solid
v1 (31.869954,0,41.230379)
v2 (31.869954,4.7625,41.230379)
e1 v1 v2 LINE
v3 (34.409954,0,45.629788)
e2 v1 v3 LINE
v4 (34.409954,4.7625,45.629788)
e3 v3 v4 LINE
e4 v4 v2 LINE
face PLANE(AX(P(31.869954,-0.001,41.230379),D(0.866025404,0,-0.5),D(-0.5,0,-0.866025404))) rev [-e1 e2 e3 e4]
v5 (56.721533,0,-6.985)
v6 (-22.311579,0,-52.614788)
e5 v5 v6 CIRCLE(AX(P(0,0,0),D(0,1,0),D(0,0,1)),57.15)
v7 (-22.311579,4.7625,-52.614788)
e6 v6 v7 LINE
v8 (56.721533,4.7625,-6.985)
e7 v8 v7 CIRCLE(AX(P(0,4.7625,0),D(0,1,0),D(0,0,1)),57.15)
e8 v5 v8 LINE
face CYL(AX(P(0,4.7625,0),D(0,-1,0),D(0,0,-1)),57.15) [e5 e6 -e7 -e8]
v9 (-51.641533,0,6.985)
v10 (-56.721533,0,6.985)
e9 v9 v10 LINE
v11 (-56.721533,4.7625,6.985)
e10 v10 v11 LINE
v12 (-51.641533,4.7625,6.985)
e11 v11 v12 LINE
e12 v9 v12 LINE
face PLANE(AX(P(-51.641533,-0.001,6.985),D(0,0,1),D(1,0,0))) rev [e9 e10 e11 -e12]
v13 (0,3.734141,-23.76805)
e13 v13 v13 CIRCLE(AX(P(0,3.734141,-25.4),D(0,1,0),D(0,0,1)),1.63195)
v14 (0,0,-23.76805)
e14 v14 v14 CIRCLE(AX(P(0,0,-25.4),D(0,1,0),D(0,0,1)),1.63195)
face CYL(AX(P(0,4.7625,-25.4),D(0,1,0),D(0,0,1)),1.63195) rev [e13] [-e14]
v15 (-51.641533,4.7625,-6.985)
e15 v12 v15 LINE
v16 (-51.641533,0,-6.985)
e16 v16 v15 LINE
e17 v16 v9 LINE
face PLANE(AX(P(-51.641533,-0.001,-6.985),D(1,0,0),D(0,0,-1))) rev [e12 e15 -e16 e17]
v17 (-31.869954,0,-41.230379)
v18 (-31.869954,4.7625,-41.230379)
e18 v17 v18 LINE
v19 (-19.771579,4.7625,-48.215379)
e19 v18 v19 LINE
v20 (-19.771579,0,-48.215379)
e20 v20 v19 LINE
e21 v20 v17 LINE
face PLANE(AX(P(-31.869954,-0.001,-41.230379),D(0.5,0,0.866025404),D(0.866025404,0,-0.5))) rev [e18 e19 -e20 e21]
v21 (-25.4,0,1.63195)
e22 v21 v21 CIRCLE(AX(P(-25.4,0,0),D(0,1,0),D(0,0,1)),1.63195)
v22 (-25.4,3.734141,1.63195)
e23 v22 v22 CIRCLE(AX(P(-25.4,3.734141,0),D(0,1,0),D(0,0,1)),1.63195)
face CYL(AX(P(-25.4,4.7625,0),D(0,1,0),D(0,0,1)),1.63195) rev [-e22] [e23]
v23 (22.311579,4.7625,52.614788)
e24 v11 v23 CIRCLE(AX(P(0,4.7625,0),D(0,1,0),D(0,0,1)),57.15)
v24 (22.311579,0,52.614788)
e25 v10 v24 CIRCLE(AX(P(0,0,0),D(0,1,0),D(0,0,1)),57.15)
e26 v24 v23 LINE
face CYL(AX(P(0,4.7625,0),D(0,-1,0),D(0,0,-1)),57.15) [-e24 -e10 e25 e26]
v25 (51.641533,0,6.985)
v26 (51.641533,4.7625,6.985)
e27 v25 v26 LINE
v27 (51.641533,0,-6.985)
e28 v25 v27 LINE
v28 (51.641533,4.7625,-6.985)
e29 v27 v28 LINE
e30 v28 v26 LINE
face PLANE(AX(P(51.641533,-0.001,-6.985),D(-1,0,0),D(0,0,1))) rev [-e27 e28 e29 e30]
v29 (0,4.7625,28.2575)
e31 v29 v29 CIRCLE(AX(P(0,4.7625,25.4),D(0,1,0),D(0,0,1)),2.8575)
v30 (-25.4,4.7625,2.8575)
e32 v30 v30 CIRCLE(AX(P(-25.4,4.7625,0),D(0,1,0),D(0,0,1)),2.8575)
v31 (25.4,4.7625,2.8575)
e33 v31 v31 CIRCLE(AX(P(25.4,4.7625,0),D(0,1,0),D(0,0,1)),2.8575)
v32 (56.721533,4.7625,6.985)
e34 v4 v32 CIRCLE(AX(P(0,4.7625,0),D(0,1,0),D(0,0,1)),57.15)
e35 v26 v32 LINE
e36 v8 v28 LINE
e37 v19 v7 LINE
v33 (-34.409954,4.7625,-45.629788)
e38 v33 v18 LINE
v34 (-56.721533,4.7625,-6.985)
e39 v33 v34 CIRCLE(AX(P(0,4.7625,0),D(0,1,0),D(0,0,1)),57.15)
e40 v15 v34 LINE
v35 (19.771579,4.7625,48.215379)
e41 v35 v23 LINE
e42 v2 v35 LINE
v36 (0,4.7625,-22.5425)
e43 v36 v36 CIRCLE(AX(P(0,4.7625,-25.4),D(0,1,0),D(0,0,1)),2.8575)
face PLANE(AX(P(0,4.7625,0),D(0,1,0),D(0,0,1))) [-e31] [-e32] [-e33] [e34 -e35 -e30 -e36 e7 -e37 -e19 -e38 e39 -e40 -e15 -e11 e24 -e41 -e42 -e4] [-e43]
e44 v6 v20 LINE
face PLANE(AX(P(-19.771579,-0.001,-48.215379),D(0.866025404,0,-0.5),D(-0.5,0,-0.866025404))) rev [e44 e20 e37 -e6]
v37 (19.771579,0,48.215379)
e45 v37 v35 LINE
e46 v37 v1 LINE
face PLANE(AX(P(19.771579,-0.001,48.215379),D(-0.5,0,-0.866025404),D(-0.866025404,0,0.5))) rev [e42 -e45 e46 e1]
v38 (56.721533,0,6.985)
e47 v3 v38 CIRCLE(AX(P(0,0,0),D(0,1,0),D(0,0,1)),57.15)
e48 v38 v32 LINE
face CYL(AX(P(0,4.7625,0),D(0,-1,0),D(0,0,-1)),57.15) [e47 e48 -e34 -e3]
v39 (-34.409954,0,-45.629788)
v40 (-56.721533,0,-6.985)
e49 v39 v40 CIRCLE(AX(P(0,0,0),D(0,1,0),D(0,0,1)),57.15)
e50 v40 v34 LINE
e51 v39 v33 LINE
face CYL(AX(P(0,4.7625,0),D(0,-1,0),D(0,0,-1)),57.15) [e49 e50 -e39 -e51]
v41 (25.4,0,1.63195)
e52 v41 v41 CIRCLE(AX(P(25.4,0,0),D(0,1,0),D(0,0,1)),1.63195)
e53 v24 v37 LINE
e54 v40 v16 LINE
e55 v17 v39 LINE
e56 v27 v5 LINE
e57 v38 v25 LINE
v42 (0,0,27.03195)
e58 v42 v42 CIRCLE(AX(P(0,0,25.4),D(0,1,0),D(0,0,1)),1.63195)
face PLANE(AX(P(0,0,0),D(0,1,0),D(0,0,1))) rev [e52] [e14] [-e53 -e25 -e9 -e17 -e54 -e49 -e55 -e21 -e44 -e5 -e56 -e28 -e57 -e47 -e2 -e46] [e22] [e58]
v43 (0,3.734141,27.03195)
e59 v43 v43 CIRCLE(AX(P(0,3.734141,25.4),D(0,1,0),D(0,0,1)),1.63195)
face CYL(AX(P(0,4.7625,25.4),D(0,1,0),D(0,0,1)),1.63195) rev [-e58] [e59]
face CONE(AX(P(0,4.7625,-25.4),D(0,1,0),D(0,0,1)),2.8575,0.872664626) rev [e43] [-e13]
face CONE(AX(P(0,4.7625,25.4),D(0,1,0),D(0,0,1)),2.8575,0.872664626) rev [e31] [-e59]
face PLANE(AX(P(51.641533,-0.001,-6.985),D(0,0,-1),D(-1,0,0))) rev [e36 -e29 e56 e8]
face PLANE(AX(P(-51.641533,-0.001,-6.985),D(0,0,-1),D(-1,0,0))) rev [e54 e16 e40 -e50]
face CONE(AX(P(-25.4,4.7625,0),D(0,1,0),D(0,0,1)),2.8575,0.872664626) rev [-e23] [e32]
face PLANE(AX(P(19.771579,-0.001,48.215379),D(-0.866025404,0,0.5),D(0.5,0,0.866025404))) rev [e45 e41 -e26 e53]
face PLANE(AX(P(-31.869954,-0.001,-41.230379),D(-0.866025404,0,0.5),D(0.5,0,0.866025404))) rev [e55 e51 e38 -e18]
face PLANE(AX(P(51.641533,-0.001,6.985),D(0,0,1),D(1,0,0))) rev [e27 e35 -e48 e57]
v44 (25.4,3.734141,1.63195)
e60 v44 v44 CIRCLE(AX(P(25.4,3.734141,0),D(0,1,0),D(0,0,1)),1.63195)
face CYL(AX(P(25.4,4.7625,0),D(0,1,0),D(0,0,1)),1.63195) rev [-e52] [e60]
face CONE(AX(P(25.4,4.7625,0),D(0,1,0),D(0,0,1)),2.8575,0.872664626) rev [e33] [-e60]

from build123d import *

# Parameters (mm, degrees)
SKETCH1_R                                         = 57.15
BOSS_EXTRUDE1_DEPTH                               = 4.7625
CUT_EXTRUDE2_REACH                                = 82.963
CUT_EXTRUDE3_REACH                                = 82.661
CSK_FOR_4_FLAT_HEAD_MACHINE_SCREW_100_D           = 3.2639
CSK_FOR_4_FLAT_HEAD_MACHINE_SCREW_100_CSINK_D     = 5.715
CSK_FOR_4_FLAT_HEAD_MACHINE_SCREW_100_CSINK_ANGLE = 100


with BuildPart() as part:
    # Sketch1 → Boss-Extrude1 (new body)
    with BuildSketch(Plane(origin=(0, 0, 0), x_dir=(1, 0, 0), z_dir=(0, 1, 0))):
        with Locations(Location((0, 0, 0), (0, 0, 90))):
            Circle(SKETCH1_R)
    extrude(amount=BOSS_EXTRUDE1_DEPTH)

    # Sketch2 → Cut-Extrude2 (cut, up to next)
    with BuildSketch(Plane(origin=(0, 4.7625, 0), x_dir=(1, 0, 0), z_dir=(0, 1, 0)), mode=Mode.PRIVATE) as cut_extrude2_sk1:
        with BuildLine():
            Line((51.641532728, 6.985), (51.641532728, -6.985))
            Line((51.641532728, -6.985), (56.721532728, -6.985))
            ThreePointArc((56.721532728, -6.985), (57.15, 0), (56.721532728, 6.985))
            Line((56.721532728, 6.985), (51.641532728, 6.985))
        make_face()
    cut_extrude2_tool1 = extrude(cut_extrude2_sk1.sketch, amount=-CUT_EXTRUDE2_REACH, mode=Mode.PRIVATE) & part.part
    # Sketch2 → Cut-Extrude2 (cut, up to next)
    with BuildSketch(Plane(origin=(0, 4.7625, 0), x_dir=(1, 0, 0), z_dir=(0, 1, 0)), mode=Mode.PRIVATE) as cut_extrude2_sk2:
        with BuildLine():
            Line((-51.641532728, 6.985), (-56.721532728, 6.985))
            ThreePointArc((-56.721532728, 6.985), (-57.15, 0), (-56.721532728, -6.985))
            Line((-56.721532728, -6.985), (-51.641532728, -6.985))
            Line((-51.641532728, -6.985), (-51.641532728, 6.985))
        make_face()
    cut_extrude2_tool2 = extrude(cut_extrude2_sk2.sketch, amount=-CUT_EXTRUDE2_REACH, mode=Mode.PRIVATE) & part.part
    add(cut_extrude2_tool1.solids().sort_by_distance((54.325982, 4.7625, 0))[0], mode=Mode.SUBTRACT)
    add(cut_extrude2_tool2.solids().sort_by_distance((-54.325982, 4.7625, 0))[0], mode=Mode.SUBTRACT)

    # Sketch3 → Cut-Extrude3 (cut, up to next)
    with BuildSketch(Plane(origin=(0, 4.7625, 0), x_dir=(1, 0, 0), z_dir=(0, 1, 0)), mode=Mode.PRIVATE) as cut_extrude3_sk1:
        with BuildLine():
            Line((19.771578919, -48.215379233), (31.869953809, -41.230379233))
            Line((31.869953809, -41.230379233), (34.409953809, -45.629788284))
            ThreePointArc((34.409953809, -45.629788284), (28.575, -49.493351826), (22.311578919, -52.614788284))
            Line((22.311578919, -52.614788284), (19.771578919, -48.215379233))
        make_face()
    cut_extrude3_tool1 = extrude(cut_extrude3_sk1.sketch, amount=-CUT_EXTRUDE3_REACH, mode=Mode.PRIVATE) & part.part
    # Sketch3 → Cut-Extrude3 (cut, up to next)
    with BuildSketch(Plane(origin=(0, 4.7625, 0), x_dir=(1, 0, 0), z_dir=(0, 1, 0)), mode=Mode.PRIVATE) as cut_extrude3_sk2:
        with BuildLine():
            Line((-31.869953809, 41.230379233), (-34.409953809, 45.629788284))
            ThreePointArc((-34.409953809, 45.629788284), (-28.575, 49.493351826), (-22.311578919, 52.614788284))
            Line((-22.311578919, 52.614788284), (-19.771578919, 48.215379233))
            Line((-19.771578919, 48.215379233), (-31.869953809, 41.230379233))
        make_face()
    cut_extrude3_tool2 = extrude(cut_extrude3_sk2.sketch, amount=-CUT_EXTRUDE3_REACH, mode=Mode.PRIVATE) & part.part
    add(cut_extrude3_tool1.solids().sort_by_distance((27.162991, 4.7625, 47.04768))[0], mode=Mode.SUBTRACT)
    add(cut_extrude3_tool2.solids().sort_by_distance((-27.162991, 4.7625, -47.04768))[0], mode=Mode.SUBTRACT)

    # CSK for #4 Flat Head Machine Screw (100)1 (through all)
    with Locations(Plane(origin=(0, 4.7625, 0), x_dir=(1, 0, 0), z_dir=(0, 1, 0))):
        with Locations((25.4, 0), (0, -25.4), (0, 25.4), (-25.4, 0)):
            CounterSinkHole(CSK_FOR_4_FLAT_HEAD_MACHINE_SCREW_100_D / 2, CSK_FOR_4_FLAT_HEAD_MACHINE_SCREW_100_CSINK_D / 2, counter_sink_angle=CSK_FOR_4_FLAT_HEAD_MACHINE_SCREW_100_CSINK_ANGLE)


solid = part.part
